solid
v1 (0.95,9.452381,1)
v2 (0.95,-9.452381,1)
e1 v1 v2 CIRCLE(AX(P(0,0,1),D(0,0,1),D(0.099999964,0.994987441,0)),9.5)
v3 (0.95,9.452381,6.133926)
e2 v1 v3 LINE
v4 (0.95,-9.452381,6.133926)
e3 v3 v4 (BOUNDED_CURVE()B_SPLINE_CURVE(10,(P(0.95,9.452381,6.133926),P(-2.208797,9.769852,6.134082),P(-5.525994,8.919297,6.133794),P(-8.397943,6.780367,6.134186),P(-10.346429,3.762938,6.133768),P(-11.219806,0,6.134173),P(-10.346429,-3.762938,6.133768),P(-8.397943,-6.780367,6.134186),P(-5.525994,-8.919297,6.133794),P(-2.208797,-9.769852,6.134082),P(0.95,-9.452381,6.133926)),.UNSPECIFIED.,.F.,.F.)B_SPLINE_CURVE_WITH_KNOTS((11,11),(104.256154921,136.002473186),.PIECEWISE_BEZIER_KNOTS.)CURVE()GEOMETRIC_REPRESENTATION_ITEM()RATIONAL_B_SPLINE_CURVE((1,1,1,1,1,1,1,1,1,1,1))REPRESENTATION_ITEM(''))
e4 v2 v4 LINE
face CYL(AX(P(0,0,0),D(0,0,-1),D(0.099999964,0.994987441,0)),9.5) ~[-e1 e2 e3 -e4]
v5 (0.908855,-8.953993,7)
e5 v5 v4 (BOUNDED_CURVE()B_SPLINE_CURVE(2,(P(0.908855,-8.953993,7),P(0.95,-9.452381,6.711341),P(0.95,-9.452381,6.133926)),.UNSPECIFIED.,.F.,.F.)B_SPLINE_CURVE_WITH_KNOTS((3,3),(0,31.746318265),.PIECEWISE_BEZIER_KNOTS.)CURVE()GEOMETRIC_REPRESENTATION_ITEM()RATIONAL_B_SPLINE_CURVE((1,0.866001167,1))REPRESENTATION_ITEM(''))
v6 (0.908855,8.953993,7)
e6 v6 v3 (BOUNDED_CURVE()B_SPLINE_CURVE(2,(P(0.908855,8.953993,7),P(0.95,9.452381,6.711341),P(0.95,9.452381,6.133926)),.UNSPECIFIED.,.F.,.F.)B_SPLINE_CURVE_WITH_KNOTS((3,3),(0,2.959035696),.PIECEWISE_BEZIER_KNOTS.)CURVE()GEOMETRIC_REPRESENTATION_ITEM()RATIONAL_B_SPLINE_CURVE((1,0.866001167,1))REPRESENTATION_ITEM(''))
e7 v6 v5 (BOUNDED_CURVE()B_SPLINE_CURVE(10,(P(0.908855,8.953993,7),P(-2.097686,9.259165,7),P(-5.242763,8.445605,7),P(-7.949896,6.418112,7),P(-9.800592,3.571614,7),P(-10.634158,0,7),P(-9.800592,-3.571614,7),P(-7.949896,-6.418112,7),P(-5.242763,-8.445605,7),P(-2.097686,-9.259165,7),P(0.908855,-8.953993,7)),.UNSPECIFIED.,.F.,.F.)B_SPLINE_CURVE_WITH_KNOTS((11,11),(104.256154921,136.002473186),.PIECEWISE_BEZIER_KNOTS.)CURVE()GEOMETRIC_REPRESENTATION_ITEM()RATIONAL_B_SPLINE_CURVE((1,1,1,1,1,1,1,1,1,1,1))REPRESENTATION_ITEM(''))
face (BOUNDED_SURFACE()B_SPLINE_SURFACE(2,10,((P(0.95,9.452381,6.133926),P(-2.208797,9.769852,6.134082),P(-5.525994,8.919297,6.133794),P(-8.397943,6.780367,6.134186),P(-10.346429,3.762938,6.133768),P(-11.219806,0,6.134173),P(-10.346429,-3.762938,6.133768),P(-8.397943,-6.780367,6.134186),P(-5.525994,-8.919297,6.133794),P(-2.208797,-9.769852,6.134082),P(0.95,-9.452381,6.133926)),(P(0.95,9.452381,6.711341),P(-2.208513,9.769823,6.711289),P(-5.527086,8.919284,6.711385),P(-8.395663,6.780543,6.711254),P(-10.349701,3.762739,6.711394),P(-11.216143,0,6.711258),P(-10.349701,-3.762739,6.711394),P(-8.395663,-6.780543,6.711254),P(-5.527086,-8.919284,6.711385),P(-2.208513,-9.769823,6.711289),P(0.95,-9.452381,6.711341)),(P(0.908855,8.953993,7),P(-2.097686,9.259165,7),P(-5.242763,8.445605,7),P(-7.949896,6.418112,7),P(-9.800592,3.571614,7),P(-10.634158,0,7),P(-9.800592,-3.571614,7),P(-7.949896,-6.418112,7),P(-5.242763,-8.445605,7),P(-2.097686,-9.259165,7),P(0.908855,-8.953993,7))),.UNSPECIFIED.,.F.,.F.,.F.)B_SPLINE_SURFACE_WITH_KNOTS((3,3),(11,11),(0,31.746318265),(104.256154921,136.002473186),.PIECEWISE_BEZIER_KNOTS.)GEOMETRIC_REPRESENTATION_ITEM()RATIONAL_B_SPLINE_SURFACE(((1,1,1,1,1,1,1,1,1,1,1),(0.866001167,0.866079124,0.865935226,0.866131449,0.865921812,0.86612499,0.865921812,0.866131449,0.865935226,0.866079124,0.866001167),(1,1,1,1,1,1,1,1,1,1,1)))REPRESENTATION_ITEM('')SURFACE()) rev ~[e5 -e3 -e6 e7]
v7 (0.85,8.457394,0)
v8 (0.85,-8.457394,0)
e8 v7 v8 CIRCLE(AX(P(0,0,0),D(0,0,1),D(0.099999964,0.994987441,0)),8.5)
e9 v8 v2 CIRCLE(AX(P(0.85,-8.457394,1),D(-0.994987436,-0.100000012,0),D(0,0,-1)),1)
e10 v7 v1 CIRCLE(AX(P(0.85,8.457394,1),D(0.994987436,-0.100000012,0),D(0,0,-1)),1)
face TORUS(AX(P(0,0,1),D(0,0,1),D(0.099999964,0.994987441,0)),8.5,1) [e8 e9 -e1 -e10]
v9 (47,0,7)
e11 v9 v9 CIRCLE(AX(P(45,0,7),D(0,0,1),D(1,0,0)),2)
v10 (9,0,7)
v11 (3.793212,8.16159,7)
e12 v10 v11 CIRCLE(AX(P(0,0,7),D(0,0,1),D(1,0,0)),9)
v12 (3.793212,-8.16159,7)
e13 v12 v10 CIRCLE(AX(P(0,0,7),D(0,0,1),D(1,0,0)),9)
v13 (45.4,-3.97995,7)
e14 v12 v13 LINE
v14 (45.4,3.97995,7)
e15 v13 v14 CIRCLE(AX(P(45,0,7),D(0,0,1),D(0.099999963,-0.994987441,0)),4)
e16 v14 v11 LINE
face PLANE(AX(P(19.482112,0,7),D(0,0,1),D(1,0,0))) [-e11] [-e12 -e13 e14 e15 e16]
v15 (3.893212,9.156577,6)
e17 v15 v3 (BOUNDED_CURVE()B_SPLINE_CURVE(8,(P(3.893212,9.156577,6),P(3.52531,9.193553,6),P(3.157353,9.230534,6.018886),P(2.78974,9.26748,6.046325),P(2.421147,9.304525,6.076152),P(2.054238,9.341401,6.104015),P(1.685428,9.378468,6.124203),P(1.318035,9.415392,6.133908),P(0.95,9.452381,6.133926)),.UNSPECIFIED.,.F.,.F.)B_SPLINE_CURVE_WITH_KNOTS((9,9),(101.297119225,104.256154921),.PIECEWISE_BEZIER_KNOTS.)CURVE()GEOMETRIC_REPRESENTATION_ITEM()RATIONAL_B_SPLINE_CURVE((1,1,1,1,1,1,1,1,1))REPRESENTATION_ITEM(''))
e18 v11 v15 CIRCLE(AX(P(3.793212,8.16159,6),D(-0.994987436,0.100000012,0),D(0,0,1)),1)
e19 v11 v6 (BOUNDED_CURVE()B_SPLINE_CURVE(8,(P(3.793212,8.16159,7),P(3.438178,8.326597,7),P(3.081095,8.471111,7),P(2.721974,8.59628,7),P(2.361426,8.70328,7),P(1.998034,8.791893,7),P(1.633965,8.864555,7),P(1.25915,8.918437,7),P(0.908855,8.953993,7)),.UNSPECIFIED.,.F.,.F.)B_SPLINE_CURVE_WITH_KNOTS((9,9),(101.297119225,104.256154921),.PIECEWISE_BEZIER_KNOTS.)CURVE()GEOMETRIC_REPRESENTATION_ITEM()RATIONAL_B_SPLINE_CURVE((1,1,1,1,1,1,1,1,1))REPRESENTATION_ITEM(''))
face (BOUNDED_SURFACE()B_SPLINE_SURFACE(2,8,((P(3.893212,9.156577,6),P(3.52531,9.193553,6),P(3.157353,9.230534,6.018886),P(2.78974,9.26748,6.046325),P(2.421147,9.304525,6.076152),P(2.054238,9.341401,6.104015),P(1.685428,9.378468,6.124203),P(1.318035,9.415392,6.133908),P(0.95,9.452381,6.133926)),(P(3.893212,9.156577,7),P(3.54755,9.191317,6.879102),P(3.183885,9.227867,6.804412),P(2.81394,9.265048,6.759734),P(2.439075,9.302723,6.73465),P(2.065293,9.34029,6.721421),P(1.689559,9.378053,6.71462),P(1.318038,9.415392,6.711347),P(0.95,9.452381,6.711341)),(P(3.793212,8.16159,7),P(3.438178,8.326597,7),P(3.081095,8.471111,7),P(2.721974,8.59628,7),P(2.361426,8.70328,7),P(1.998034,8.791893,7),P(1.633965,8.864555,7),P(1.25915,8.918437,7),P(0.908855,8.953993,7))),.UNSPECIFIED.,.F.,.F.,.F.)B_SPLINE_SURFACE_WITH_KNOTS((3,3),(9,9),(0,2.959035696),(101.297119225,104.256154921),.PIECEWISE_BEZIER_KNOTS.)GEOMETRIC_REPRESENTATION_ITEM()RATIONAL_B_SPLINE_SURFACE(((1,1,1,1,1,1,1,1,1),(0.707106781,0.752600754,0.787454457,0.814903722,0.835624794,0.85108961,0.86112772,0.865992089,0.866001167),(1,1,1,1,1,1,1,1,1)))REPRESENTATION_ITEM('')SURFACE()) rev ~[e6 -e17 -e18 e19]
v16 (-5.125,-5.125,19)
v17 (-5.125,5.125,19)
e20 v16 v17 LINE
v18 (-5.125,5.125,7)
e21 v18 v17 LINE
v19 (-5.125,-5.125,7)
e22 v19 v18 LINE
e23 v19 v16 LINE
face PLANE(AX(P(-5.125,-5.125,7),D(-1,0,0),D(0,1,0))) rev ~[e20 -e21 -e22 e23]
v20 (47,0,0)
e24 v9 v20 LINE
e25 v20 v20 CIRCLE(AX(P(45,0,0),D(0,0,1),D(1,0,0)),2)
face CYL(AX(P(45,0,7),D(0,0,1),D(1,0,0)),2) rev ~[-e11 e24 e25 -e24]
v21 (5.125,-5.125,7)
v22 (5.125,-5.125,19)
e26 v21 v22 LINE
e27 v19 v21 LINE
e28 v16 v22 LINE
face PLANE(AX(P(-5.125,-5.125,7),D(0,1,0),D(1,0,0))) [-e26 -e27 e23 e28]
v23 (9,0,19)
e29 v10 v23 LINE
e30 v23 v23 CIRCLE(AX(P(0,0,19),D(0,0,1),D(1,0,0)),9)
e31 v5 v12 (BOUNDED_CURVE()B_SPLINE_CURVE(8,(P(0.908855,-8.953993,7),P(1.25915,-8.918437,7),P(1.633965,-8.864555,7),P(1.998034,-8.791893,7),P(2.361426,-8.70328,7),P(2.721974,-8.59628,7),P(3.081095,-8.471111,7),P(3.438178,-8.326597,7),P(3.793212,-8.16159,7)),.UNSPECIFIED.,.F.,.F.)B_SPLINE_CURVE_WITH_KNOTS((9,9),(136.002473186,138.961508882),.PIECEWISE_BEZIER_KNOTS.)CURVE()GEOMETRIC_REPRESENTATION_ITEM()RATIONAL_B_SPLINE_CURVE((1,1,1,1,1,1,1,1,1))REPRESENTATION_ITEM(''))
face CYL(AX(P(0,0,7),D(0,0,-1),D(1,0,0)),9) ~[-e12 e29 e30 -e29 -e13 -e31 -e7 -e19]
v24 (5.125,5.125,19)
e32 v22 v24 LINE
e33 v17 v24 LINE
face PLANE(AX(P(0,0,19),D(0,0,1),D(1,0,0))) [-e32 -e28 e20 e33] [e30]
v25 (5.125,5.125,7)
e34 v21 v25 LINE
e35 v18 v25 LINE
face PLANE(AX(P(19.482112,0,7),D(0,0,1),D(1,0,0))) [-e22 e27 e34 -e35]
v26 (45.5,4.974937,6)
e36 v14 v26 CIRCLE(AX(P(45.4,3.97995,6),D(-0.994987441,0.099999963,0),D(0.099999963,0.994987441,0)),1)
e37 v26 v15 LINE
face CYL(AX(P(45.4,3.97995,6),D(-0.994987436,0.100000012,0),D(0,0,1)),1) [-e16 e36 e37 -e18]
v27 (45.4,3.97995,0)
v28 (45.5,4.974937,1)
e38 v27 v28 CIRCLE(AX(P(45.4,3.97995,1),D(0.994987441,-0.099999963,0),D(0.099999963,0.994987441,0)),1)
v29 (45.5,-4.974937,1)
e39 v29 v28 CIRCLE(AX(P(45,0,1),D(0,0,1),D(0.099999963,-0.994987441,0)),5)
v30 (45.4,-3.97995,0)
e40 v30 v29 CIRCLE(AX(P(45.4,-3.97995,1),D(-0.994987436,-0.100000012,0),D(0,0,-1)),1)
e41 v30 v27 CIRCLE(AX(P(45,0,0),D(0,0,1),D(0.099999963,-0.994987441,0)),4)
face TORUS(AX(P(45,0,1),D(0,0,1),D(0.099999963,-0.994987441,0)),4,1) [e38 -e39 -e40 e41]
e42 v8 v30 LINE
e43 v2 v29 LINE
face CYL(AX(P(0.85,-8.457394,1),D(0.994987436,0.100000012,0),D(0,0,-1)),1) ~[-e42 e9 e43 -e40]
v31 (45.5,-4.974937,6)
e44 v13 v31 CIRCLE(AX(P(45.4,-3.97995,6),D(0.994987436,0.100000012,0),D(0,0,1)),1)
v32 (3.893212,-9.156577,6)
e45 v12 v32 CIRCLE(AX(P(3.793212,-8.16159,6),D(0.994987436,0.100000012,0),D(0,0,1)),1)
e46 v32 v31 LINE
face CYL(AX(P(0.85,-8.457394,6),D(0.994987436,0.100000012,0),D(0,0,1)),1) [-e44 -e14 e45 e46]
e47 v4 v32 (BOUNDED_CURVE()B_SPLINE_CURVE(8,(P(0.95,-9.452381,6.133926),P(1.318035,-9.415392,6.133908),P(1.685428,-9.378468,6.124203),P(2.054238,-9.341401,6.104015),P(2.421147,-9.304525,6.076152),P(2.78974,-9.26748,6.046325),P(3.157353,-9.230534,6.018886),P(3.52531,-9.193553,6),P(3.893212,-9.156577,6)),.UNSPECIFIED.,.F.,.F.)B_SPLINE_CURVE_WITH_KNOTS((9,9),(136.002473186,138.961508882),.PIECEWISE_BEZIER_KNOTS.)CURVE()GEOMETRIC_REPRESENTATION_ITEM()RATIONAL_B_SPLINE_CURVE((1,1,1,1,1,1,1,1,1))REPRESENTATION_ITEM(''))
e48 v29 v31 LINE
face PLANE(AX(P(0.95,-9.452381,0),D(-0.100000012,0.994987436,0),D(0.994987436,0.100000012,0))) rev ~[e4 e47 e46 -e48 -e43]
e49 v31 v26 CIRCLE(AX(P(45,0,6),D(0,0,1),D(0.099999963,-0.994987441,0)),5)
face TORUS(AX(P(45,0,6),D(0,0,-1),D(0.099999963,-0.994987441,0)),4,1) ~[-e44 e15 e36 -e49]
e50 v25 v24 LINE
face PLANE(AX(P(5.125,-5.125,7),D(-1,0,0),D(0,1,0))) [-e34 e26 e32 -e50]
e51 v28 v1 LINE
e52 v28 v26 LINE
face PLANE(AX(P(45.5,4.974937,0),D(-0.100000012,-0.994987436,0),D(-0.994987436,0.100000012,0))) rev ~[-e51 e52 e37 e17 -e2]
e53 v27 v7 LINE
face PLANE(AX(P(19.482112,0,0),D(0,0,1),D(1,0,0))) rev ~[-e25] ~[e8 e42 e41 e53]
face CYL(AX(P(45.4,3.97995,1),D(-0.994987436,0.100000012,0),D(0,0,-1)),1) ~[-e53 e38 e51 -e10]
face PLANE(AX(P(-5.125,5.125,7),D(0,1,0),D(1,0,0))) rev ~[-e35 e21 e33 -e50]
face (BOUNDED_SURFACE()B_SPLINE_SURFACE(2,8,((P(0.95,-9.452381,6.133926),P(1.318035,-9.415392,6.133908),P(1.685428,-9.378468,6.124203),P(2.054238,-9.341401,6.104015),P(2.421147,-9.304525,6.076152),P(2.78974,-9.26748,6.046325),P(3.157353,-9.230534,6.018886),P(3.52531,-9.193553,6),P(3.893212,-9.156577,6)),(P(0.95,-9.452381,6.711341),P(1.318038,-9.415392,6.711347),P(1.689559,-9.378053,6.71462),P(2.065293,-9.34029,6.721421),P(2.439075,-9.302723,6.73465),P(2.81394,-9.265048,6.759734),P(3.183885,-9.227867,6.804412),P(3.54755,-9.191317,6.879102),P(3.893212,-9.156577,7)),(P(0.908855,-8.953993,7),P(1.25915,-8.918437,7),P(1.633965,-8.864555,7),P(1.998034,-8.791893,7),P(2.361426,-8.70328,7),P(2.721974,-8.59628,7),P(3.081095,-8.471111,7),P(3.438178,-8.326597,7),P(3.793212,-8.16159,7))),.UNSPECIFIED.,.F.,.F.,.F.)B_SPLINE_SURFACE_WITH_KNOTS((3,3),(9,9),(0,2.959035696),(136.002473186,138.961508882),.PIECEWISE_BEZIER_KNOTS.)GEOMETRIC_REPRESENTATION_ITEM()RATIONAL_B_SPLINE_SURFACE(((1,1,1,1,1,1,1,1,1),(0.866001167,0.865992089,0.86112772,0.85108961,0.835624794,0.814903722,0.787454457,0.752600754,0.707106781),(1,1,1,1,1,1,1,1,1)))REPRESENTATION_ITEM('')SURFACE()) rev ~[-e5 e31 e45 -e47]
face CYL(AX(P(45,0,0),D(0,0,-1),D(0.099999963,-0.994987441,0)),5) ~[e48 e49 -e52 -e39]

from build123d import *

# Parameters (mm, degrees)
F1_DEPTH = 7
F2_R     = 2
F3_DEPTH = 25
F2_R_2   = 9
F2_W     = 10.25
F2_H     = 10.25
F4_DEPTH = 12
F5_R     = 1


with BuildPart() as f1:
    # F0 (on Top) → F1 (new body)
    with BuildSketch(Plane.XY):
        with BuildLine():
            Line((45.5, 4.974937), (0.95, 9.452381))
            ThreePointArc((0.95, 9.452381), (-9.5, 0), (0.95, -9.452381))
            Line((0.95, -9.452381), (45.5, -4.974937))
            ThreePointArc((45.5, -4.974937), (50, 0), (45.5, 4.974937))
        make_face()
    extrude(amount=F1_DEPTH)

    # F2 (on face) → F3 (cut)
    with BuildSketch(Plane.XY.offset(7)):
        with Locations((45, 0)):
            Circle(F2_R)
    extrude(amount=-F3_DEPTH, mode=Mode.SUBTRACT)

    # F2 (on face) → F4 (join)
    with BuildSketch(Plane.XY.offset(7)):
        Circle(F2_R_2)
        Rectangle(F2_W, F2_H, mode=Mode.SUBTRACT)
    extrude(amount=F4_DEPTH)

    # F5
    f5_edges = [f1.edges().sort_by_distance(p)[0] for p in [
        (23.225, -7.213659, 0),
        (23.225, -7.213659, 7),
    ]]
    fillet(f5_edges, radius=F5_R)


solid = f1.part
